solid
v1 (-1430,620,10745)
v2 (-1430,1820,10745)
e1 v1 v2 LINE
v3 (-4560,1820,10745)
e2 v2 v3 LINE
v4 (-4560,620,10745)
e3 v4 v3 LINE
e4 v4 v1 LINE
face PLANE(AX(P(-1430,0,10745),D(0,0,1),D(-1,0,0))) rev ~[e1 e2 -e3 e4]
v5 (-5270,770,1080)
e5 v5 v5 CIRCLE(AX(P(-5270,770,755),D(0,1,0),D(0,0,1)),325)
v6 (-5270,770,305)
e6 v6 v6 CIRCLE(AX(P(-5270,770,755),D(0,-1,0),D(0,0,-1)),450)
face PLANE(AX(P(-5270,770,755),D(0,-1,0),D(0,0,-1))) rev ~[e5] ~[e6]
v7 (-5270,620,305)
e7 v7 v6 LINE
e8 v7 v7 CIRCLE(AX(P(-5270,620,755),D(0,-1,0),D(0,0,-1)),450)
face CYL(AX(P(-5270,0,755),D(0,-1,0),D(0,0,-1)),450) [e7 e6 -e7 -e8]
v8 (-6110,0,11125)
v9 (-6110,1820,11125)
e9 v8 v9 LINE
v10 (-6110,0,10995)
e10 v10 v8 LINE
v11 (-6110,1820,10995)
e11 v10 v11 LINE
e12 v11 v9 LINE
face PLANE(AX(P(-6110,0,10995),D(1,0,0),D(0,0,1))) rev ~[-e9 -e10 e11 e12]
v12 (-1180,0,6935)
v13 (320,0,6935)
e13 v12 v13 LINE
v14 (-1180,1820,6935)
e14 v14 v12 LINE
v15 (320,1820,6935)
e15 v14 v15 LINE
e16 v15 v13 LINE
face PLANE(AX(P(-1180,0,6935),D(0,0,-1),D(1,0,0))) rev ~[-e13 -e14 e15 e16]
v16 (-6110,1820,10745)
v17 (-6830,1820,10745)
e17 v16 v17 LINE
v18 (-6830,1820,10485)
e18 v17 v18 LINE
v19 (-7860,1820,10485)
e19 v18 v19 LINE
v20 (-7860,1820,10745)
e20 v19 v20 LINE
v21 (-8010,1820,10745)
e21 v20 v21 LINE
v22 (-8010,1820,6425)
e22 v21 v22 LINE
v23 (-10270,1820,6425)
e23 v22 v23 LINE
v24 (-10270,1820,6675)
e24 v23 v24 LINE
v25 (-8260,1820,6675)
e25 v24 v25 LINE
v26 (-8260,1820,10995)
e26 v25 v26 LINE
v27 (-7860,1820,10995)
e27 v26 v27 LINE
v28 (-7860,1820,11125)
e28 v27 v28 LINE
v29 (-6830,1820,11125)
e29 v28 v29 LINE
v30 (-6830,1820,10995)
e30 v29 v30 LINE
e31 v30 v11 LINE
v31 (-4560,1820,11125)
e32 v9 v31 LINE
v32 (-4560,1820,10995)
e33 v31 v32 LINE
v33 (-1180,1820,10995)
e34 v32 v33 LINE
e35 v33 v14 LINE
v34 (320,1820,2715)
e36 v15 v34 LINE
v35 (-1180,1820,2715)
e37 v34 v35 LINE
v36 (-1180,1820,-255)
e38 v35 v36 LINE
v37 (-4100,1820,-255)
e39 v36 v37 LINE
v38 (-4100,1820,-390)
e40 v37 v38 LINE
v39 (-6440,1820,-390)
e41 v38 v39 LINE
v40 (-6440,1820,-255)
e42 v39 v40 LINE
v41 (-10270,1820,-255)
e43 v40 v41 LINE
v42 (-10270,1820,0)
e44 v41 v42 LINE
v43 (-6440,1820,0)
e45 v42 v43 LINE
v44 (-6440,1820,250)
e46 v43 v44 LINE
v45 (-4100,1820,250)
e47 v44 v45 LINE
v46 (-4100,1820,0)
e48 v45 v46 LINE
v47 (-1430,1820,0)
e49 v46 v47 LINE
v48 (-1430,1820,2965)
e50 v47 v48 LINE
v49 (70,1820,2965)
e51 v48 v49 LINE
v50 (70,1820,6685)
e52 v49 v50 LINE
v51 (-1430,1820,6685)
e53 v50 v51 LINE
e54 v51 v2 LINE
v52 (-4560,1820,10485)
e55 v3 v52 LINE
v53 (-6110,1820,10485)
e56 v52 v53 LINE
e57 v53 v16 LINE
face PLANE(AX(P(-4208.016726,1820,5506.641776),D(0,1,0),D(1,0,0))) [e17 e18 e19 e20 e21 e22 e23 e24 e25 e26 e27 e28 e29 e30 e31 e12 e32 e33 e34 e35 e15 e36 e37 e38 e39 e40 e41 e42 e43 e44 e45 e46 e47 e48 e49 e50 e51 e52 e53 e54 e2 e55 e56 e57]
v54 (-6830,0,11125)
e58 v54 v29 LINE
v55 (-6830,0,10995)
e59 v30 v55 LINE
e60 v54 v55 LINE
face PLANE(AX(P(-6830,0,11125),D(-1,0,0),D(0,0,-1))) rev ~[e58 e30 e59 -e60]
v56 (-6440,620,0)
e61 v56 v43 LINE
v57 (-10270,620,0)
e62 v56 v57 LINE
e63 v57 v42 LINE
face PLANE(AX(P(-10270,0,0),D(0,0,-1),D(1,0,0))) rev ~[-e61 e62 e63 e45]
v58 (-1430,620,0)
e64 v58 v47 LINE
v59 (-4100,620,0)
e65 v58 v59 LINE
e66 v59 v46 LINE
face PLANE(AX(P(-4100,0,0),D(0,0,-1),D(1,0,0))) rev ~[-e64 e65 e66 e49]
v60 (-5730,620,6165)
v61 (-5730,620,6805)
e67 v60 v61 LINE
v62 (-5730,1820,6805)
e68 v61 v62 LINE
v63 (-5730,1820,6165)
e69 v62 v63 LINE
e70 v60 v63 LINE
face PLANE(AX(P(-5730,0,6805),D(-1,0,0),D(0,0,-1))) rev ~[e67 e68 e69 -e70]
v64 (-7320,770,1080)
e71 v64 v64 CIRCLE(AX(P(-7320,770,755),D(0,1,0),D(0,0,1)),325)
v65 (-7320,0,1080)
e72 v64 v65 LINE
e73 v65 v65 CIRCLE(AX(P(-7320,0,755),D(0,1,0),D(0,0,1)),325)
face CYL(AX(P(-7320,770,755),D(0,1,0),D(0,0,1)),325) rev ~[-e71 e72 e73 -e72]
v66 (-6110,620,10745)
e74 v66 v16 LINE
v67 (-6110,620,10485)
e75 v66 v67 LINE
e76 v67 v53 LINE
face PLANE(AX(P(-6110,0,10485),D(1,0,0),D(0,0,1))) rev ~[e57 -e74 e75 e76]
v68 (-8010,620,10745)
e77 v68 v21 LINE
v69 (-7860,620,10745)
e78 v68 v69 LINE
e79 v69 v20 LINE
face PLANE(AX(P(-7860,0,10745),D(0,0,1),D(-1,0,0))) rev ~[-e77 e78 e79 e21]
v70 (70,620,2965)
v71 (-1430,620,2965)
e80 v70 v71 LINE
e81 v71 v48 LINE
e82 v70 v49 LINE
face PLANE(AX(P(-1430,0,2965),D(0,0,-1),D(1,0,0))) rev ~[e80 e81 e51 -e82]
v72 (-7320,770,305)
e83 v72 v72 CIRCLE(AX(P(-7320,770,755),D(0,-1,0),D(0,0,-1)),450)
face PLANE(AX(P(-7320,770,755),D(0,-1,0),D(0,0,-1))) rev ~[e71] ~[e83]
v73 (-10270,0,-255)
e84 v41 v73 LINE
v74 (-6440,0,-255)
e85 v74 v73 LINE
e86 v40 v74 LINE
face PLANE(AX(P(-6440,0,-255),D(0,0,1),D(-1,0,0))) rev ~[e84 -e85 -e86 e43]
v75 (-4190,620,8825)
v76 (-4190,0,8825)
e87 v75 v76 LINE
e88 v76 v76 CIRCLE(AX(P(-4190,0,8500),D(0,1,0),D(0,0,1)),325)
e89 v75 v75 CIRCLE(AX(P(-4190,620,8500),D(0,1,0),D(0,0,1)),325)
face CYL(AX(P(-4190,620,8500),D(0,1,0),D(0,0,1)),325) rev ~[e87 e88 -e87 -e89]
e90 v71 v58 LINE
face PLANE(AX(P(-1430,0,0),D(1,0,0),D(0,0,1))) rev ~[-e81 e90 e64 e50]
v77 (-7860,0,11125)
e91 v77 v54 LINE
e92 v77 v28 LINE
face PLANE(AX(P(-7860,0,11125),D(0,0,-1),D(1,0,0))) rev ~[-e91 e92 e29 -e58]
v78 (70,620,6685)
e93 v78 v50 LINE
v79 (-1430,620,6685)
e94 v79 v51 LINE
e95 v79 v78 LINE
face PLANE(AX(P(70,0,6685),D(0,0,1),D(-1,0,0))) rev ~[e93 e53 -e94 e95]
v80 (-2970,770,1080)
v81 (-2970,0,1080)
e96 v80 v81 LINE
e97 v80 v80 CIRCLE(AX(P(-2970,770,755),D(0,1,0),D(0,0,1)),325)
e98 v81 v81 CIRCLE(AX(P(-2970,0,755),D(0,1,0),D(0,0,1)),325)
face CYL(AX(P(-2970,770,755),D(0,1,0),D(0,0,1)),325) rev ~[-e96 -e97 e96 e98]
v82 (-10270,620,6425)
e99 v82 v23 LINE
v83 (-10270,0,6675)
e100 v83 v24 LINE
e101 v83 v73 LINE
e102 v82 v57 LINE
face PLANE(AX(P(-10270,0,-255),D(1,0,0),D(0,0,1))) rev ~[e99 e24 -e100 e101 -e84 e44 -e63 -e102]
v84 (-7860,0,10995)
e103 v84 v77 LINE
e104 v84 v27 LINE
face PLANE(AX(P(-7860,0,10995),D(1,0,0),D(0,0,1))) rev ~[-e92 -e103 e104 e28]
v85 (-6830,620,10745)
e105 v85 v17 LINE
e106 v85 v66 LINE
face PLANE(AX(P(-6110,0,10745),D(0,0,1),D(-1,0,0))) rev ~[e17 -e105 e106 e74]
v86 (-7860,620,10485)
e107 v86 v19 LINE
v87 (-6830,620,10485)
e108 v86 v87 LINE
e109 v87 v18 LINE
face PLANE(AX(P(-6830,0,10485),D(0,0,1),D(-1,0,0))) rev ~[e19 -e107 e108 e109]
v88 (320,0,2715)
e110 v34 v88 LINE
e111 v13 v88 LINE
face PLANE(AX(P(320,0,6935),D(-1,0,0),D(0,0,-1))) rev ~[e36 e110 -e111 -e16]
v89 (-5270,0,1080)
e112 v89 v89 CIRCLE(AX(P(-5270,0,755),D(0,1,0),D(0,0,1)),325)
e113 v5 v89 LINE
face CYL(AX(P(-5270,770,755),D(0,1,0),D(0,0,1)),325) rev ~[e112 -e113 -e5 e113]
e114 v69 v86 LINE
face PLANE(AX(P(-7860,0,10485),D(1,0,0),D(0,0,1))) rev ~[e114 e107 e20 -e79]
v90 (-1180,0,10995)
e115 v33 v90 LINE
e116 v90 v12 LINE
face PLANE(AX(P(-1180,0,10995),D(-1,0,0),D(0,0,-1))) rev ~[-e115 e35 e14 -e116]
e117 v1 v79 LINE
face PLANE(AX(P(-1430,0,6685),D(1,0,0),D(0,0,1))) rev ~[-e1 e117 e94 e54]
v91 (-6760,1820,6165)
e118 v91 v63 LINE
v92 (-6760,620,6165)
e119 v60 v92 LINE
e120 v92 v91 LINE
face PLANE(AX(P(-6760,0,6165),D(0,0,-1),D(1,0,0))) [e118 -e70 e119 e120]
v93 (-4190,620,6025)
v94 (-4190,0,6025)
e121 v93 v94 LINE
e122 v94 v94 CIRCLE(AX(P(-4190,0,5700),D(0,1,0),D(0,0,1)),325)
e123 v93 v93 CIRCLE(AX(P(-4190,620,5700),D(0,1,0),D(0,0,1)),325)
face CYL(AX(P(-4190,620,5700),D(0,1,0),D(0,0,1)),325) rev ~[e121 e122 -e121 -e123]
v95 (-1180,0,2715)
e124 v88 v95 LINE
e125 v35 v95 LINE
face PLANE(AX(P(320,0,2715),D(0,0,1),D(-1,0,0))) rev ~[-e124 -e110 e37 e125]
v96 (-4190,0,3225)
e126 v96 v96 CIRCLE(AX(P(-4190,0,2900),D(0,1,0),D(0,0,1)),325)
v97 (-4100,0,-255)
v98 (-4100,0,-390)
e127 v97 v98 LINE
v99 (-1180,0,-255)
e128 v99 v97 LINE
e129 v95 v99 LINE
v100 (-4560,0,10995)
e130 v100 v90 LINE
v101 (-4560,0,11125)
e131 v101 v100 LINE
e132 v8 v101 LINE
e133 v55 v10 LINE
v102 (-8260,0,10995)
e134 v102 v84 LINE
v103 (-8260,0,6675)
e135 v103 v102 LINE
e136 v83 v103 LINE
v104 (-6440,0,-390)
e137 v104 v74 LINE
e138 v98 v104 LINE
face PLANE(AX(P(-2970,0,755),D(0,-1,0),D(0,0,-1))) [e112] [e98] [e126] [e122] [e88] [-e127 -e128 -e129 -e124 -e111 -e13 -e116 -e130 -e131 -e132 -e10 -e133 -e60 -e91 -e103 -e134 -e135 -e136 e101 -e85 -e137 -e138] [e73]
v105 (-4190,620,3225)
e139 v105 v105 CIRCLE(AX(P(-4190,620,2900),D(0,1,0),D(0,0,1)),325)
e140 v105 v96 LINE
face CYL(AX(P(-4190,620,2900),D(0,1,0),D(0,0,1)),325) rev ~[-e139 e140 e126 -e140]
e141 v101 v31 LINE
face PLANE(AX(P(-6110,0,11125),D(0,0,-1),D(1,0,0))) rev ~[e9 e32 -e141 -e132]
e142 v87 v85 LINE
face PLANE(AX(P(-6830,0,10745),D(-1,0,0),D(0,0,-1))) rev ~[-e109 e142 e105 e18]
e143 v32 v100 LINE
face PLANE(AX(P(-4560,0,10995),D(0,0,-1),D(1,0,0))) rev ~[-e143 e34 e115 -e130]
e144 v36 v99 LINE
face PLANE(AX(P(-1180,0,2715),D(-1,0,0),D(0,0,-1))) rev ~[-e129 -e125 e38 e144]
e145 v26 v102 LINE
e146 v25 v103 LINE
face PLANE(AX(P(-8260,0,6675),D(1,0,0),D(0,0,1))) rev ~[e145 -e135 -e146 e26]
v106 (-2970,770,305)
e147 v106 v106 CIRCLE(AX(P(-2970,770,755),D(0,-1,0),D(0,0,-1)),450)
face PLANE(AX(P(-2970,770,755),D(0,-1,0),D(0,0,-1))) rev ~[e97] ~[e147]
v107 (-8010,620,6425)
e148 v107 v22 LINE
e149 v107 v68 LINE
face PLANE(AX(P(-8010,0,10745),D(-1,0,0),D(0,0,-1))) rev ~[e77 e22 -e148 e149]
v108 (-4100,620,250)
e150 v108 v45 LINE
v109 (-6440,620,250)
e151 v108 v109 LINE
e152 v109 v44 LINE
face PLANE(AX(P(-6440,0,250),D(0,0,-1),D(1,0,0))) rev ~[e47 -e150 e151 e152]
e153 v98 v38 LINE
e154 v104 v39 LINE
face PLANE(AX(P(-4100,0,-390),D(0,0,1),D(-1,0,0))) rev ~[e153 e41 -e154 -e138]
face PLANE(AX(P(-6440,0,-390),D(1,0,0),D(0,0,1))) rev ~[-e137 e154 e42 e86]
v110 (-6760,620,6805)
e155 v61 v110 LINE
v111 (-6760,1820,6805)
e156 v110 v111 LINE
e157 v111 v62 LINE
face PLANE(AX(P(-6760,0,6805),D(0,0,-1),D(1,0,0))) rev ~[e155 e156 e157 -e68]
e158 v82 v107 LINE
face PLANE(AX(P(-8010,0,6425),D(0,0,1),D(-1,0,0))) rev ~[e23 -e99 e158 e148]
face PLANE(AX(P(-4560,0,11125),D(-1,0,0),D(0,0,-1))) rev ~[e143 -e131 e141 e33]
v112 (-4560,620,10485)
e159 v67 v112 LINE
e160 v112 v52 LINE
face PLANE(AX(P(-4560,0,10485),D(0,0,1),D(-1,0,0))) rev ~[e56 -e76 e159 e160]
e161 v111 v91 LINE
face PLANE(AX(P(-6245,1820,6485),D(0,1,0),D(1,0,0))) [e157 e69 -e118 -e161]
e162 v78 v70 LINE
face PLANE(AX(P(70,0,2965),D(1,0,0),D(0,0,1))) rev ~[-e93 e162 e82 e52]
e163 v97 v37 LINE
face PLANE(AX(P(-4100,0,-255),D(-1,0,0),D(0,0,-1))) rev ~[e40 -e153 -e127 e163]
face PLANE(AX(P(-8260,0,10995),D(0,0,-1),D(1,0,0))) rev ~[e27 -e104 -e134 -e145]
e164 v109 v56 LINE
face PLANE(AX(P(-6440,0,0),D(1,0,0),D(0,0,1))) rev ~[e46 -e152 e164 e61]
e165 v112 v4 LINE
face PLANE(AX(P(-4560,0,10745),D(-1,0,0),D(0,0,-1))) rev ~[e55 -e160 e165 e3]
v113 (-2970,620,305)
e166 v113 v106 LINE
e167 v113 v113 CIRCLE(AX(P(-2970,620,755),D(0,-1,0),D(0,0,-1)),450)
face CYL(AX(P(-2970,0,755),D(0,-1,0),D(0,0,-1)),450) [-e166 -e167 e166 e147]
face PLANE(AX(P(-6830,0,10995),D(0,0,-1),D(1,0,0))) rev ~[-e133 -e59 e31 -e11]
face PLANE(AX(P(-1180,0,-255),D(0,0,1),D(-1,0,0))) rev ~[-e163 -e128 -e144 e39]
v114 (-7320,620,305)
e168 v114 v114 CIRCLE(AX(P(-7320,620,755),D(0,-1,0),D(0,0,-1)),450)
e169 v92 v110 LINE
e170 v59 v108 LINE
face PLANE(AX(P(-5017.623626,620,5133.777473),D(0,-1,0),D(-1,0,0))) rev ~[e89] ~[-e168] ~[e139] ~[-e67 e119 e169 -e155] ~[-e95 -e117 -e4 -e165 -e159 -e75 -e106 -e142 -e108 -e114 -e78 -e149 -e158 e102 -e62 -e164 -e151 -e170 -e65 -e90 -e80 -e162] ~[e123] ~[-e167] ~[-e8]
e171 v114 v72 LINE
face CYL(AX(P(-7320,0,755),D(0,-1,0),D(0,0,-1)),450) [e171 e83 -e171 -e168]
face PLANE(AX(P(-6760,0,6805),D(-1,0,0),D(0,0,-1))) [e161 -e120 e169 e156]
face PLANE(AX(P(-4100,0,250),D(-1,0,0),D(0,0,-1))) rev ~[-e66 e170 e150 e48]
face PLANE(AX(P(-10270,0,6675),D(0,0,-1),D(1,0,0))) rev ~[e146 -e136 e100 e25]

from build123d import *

# Parameters (mm, degrees)
SKETCH_1_W          = 1030
SKETCH_1_H          = 640
EXTRUDE_1_DEPTH     = 1820
EXTRUDE_2_DEPTH     = 620
SKETCH_5_R          = 450
EXTRUDE_4_DEPTH     = 770
SKETCH_6_R          = 325
CUT_EXTRUDE_1_DEPTH = 15177.989984842
SKETCH_7_R          = 325
CUT_EXTRUDE_2_DEPTH = 15189.104720471


with BuildPart() as part:
    # Эскиз1 → Бобышка-Вытянуть1 (new body)
    with BuildSketch(Plane(origin=(0, 0, 0), x_dir=(1, 0, 0), z_dir=(0, 1, 0))):
        Polygon((-8010, -10745), (-8010, -6716.192685759), (-8010, -6425), (-10270, -6425), (-10270, -6675), (-8260, -6675), (-8260, -10995), (-7860, -10995), (-7860, -11125), (-6830, -11125), (-6830, -10995), (-6110, -10995), (-6110, -11125), (-4560, -11125), (-4560, -10995), (-1180, -10995), (-1180, -6935), (320, -6935), (320, -2715), (-1180, -2715), (-1180, 255), (-4100, 255), (-4100, 390), (-6440, 390), (-6440, 255), (-10270, 255), (-10270, 0), (-6440, 0), (-6440, -250), (-4100, -250), (-4100, 0), (-1430, 0), (-1430, -2965), (70, -2965), (70, -6685), (-1430, -6685), (-1430, -10745), (-4560, -10745), (-4560, -10485), (-6110, -10485), (-6110, -10745), (-6830, -10745), (-6830, -10485), (-7860, -10485), (-7860, -10745), align=None)
        with Locations((-6245, -6485)):
            Rectangle(SKETCH_1_W, SKETCH_1_H)
    extrude(amount=EXTRUDE_1_DEPTH)

    # Эскиз3 → Бобышка-Вытянуть2 (add)
    with BuildSketch(Plane(origin=(0, 0, 0), x_dir=(1, 0, 0), z_dir=(0, 1, 0))):
        Polygon((-8260, -6675), (-10270, -6675), (-10270, 255), (-1180, 255), (-1180, -2715), (320, -2715), (320, -6935), (-1180, -6935), (-1180, -10995), (-8260, -10995), align=None)
    extrude(amount=EXTRUDE_2_DEPTH)

    # Эскиз5 → Бобышка-Вытянуть4 (add)
    with BuildSketch(Plane.XZ):
        with Locations(Location((-2970, 755, 0), (0, 0, 270))):
            Circle(SKETCH_5_R)
        with Locations(Location((-5270, 755, 0), (0, 0, 270))):
            Circle(SKETCH_5_R)
        with Locations(Location((-7320, 755, 0), (0, 0, 270))):
            Circle(SKETCH_5_R)
    extrude(amount=-EXTRUDE_4_DEPTH)

    # Эскиз6 → Вырез-Вытянуть1 (cut, through all)
    with BuildSketch(Plane(origin=(0, 770, 0), x_dir=(1, 0, 0), z_dir=(0, 1, 0))):
        with Locations(Location((-7320, -755, 0), (0, 0, 270))):
            Circle(SKETCH_6_R)
        with Locations(Location((-5270, -755, 0), (0, 0, 270))):
            Circle(SKETCH_6_R)
        with Locations(Location((-2970, -755, 0), (0, 0, 270))):
            Circle(SKETCH_6_R)
    extrude(amount=-CUT_EXTRUDE_1_DEPTH, mode=Mode.SUBTRACT)

    # Эскиз7 → Вырез-Вытянуть2 (cut, through all)
    with BuildSketch(Plane(origin=(0, 620, 0), x_dir=(1, 0, 0), z_dir=(0, 1, 0))):
        with Locations(Location((-4190, -2900, 0), (0, 0, 270))):
            Circle(SKETCH_7_R)
        with Locations(Location((-4190, -5700, 0), (0, 0, 270))):
            Circle(SKETCH_7_R)
        with Locations(Location((-4190, -8500, 0), (0, 0, 270))):
            Circle(SKETCH_7_R)
    extrude(amount=-CUT_EXTRUDE_2_DEPTH, mode=Mode.SUBTRACT)


solid = part.part
